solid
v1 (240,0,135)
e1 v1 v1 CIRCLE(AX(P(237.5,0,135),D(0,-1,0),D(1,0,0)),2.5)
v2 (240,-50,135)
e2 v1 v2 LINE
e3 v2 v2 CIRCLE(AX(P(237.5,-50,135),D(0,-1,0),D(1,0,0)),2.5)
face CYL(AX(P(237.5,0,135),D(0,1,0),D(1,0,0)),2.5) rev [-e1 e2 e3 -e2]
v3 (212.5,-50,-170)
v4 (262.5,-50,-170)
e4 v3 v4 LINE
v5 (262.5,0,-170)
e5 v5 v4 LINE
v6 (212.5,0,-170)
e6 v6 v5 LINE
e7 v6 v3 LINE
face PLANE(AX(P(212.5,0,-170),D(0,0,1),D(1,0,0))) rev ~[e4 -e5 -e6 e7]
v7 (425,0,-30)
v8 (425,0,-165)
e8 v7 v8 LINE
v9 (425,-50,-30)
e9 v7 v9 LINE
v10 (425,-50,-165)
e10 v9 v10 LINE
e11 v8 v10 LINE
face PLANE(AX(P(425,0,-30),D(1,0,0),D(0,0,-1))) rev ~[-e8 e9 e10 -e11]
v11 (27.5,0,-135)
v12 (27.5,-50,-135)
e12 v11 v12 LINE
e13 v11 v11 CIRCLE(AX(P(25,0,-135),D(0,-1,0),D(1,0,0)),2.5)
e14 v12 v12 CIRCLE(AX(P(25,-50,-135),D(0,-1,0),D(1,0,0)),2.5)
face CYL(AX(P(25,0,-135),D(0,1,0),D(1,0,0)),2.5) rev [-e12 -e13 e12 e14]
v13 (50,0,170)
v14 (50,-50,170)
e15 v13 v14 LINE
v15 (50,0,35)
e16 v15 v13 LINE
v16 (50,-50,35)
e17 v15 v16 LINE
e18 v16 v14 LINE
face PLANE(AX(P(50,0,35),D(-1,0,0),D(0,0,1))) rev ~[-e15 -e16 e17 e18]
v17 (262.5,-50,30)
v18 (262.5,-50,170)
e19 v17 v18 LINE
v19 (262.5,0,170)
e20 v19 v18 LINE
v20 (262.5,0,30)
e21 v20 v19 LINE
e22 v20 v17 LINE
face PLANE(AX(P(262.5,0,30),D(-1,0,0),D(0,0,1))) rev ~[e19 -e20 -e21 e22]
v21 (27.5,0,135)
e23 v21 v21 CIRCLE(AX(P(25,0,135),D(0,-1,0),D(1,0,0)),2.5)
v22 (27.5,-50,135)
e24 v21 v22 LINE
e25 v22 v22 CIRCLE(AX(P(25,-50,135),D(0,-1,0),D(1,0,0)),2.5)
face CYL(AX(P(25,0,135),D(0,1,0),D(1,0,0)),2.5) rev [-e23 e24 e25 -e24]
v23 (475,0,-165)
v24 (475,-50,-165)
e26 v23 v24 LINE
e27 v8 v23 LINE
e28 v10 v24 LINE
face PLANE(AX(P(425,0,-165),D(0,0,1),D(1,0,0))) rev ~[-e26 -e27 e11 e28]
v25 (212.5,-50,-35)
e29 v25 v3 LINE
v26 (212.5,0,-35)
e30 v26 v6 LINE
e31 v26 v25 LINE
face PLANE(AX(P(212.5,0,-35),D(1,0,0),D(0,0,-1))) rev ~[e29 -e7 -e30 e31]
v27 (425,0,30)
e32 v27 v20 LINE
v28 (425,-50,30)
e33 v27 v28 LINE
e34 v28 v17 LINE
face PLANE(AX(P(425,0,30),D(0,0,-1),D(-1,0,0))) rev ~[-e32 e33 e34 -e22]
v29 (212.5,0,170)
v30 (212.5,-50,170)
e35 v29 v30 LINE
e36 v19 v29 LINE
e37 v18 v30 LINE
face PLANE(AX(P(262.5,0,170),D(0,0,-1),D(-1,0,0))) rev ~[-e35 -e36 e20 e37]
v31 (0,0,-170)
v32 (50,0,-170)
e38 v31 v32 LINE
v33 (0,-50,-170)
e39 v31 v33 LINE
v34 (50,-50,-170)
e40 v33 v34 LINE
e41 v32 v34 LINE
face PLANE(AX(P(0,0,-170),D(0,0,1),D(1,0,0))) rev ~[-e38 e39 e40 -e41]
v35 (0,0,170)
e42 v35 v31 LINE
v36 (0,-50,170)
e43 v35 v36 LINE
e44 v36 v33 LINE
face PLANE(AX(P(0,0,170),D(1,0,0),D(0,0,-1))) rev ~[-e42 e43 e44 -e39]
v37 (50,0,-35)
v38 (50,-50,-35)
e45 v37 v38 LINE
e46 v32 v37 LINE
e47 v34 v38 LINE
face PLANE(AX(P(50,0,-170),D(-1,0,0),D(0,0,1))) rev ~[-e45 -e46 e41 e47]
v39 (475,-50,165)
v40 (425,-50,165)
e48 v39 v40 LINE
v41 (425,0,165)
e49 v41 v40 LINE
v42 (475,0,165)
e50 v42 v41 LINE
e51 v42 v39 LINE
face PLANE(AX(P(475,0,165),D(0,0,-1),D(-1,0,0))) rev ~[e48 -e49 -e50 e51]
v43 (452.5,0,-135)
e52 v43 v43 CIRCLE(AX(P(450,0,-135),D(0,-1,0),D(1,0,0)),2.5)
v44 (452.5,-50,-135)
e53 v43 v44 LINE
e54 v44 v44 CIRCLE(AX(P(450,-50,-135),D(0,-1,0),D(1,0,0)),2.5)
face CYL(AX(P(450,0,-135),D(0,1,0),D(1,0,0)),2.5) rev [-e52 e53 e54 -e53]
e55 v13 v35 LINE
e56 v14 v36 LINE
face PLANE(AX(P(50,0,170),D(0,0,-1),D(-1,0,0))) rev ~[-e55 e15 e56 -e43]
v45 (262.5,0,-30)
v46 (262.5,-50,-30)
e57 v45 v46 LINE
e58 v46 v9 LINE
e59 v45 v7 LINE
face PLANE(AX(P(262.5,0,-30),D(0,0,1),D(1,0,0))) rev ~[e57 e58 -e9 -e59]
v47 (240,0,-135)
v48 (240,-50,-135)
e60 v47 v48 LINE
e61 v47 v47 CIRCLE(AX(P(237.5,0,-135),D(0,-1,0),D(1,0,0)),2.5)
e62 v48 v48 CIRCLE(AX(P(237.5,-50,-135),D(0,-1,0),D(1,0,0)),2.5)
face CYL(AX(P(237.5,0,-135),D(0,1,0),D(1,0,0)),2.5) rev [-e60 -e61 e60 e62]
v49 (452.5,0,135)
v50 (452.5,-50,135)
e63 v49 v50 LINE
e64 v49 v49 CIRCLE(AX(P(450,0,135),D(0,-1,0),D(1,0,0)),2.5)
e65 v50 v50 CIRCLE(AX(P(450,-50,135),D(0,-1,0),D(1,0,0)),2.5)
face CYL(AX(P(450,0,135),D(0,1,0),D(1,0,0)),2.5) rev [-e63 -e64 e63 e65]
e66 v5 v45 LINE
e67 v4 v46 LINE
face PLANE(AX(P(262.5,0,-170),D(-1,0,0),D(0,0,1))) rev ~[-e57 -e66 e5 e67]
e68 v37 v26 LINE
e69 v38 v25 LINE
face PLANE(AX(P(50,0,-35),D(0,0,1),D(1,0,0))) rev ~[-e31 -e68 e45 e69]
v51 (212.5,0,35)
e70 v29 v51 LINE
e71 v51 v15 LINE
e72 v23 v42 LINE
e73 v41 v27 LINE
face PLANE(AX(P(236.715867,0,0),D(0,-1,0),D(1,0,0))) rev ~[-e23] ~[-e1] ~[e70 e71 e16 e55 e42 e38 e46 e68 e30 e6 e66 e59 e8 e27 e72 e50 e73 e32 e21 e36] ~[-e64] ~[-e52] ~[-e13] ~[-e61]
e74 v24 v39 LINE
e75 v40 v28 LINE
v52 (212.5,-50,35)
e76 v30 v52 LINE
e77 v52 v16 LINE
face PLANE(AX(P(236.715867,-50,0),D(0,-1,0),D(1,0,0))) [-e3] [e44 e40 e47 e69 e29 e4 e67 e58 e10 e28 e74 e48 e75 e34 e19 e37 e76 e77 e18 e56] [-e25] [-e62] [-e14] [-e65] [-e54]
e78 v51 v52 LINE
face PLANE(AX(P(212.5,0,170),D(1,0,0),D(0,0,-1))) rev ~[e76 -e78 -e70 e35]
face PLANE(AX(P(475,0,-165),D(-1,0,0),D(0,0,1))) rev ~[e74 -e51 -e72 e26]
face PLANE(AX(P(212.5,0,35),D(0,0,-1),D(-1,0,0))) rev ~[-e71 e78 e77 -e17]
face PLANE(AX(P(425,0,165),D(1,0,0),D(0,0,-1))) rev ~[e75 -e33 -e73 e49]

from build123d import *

# Parameters (mm, degrees)
F0_R     = 2.5
F1_DEPTH = 50


with BuildPart() as f1:
    # F0 (on Front) → F1 (new body)
    with BuildSketch(Plane.XZ):
        Polygon((0, 170), (0, 0), (0, -170), (50, -170), (50, -35), (212.5, -35), (212.5, -170), (262.5, -170), (262.5, -30), (425, -30), (425, -165), (475, -165), (475, 0), (475, 165), (425, 165), (425, 30), (262.5, 30), (262.5, 170), (212.5, 170), (212.5, 35), (50, 35), (50, 170), align=None)
        with Locations((25, -135)):
            Circle(F0_R, mode=Mode.SUBTRACT)
        with Locations((237.5, -135)):
            Circle(F0_R, mode=Mode.SUBTRACT)
        with Locations((450, -135)):
            Circle(F0_R, mode=Mode.SUBTRACT)
        with Locations((25, 135)):
            Circle(F0_R, mode=Mode.SUBTRACT)
        with Locations((237.5, 135)):
            Circle(F0_R, mode=Mode.SUBTRACT)
        with Locations((450, 135)):
            Circle(F0_R, mode=Mode.SUBTRACT)
    extrude(amount=F1_DEPTH)


solid = f1.part
